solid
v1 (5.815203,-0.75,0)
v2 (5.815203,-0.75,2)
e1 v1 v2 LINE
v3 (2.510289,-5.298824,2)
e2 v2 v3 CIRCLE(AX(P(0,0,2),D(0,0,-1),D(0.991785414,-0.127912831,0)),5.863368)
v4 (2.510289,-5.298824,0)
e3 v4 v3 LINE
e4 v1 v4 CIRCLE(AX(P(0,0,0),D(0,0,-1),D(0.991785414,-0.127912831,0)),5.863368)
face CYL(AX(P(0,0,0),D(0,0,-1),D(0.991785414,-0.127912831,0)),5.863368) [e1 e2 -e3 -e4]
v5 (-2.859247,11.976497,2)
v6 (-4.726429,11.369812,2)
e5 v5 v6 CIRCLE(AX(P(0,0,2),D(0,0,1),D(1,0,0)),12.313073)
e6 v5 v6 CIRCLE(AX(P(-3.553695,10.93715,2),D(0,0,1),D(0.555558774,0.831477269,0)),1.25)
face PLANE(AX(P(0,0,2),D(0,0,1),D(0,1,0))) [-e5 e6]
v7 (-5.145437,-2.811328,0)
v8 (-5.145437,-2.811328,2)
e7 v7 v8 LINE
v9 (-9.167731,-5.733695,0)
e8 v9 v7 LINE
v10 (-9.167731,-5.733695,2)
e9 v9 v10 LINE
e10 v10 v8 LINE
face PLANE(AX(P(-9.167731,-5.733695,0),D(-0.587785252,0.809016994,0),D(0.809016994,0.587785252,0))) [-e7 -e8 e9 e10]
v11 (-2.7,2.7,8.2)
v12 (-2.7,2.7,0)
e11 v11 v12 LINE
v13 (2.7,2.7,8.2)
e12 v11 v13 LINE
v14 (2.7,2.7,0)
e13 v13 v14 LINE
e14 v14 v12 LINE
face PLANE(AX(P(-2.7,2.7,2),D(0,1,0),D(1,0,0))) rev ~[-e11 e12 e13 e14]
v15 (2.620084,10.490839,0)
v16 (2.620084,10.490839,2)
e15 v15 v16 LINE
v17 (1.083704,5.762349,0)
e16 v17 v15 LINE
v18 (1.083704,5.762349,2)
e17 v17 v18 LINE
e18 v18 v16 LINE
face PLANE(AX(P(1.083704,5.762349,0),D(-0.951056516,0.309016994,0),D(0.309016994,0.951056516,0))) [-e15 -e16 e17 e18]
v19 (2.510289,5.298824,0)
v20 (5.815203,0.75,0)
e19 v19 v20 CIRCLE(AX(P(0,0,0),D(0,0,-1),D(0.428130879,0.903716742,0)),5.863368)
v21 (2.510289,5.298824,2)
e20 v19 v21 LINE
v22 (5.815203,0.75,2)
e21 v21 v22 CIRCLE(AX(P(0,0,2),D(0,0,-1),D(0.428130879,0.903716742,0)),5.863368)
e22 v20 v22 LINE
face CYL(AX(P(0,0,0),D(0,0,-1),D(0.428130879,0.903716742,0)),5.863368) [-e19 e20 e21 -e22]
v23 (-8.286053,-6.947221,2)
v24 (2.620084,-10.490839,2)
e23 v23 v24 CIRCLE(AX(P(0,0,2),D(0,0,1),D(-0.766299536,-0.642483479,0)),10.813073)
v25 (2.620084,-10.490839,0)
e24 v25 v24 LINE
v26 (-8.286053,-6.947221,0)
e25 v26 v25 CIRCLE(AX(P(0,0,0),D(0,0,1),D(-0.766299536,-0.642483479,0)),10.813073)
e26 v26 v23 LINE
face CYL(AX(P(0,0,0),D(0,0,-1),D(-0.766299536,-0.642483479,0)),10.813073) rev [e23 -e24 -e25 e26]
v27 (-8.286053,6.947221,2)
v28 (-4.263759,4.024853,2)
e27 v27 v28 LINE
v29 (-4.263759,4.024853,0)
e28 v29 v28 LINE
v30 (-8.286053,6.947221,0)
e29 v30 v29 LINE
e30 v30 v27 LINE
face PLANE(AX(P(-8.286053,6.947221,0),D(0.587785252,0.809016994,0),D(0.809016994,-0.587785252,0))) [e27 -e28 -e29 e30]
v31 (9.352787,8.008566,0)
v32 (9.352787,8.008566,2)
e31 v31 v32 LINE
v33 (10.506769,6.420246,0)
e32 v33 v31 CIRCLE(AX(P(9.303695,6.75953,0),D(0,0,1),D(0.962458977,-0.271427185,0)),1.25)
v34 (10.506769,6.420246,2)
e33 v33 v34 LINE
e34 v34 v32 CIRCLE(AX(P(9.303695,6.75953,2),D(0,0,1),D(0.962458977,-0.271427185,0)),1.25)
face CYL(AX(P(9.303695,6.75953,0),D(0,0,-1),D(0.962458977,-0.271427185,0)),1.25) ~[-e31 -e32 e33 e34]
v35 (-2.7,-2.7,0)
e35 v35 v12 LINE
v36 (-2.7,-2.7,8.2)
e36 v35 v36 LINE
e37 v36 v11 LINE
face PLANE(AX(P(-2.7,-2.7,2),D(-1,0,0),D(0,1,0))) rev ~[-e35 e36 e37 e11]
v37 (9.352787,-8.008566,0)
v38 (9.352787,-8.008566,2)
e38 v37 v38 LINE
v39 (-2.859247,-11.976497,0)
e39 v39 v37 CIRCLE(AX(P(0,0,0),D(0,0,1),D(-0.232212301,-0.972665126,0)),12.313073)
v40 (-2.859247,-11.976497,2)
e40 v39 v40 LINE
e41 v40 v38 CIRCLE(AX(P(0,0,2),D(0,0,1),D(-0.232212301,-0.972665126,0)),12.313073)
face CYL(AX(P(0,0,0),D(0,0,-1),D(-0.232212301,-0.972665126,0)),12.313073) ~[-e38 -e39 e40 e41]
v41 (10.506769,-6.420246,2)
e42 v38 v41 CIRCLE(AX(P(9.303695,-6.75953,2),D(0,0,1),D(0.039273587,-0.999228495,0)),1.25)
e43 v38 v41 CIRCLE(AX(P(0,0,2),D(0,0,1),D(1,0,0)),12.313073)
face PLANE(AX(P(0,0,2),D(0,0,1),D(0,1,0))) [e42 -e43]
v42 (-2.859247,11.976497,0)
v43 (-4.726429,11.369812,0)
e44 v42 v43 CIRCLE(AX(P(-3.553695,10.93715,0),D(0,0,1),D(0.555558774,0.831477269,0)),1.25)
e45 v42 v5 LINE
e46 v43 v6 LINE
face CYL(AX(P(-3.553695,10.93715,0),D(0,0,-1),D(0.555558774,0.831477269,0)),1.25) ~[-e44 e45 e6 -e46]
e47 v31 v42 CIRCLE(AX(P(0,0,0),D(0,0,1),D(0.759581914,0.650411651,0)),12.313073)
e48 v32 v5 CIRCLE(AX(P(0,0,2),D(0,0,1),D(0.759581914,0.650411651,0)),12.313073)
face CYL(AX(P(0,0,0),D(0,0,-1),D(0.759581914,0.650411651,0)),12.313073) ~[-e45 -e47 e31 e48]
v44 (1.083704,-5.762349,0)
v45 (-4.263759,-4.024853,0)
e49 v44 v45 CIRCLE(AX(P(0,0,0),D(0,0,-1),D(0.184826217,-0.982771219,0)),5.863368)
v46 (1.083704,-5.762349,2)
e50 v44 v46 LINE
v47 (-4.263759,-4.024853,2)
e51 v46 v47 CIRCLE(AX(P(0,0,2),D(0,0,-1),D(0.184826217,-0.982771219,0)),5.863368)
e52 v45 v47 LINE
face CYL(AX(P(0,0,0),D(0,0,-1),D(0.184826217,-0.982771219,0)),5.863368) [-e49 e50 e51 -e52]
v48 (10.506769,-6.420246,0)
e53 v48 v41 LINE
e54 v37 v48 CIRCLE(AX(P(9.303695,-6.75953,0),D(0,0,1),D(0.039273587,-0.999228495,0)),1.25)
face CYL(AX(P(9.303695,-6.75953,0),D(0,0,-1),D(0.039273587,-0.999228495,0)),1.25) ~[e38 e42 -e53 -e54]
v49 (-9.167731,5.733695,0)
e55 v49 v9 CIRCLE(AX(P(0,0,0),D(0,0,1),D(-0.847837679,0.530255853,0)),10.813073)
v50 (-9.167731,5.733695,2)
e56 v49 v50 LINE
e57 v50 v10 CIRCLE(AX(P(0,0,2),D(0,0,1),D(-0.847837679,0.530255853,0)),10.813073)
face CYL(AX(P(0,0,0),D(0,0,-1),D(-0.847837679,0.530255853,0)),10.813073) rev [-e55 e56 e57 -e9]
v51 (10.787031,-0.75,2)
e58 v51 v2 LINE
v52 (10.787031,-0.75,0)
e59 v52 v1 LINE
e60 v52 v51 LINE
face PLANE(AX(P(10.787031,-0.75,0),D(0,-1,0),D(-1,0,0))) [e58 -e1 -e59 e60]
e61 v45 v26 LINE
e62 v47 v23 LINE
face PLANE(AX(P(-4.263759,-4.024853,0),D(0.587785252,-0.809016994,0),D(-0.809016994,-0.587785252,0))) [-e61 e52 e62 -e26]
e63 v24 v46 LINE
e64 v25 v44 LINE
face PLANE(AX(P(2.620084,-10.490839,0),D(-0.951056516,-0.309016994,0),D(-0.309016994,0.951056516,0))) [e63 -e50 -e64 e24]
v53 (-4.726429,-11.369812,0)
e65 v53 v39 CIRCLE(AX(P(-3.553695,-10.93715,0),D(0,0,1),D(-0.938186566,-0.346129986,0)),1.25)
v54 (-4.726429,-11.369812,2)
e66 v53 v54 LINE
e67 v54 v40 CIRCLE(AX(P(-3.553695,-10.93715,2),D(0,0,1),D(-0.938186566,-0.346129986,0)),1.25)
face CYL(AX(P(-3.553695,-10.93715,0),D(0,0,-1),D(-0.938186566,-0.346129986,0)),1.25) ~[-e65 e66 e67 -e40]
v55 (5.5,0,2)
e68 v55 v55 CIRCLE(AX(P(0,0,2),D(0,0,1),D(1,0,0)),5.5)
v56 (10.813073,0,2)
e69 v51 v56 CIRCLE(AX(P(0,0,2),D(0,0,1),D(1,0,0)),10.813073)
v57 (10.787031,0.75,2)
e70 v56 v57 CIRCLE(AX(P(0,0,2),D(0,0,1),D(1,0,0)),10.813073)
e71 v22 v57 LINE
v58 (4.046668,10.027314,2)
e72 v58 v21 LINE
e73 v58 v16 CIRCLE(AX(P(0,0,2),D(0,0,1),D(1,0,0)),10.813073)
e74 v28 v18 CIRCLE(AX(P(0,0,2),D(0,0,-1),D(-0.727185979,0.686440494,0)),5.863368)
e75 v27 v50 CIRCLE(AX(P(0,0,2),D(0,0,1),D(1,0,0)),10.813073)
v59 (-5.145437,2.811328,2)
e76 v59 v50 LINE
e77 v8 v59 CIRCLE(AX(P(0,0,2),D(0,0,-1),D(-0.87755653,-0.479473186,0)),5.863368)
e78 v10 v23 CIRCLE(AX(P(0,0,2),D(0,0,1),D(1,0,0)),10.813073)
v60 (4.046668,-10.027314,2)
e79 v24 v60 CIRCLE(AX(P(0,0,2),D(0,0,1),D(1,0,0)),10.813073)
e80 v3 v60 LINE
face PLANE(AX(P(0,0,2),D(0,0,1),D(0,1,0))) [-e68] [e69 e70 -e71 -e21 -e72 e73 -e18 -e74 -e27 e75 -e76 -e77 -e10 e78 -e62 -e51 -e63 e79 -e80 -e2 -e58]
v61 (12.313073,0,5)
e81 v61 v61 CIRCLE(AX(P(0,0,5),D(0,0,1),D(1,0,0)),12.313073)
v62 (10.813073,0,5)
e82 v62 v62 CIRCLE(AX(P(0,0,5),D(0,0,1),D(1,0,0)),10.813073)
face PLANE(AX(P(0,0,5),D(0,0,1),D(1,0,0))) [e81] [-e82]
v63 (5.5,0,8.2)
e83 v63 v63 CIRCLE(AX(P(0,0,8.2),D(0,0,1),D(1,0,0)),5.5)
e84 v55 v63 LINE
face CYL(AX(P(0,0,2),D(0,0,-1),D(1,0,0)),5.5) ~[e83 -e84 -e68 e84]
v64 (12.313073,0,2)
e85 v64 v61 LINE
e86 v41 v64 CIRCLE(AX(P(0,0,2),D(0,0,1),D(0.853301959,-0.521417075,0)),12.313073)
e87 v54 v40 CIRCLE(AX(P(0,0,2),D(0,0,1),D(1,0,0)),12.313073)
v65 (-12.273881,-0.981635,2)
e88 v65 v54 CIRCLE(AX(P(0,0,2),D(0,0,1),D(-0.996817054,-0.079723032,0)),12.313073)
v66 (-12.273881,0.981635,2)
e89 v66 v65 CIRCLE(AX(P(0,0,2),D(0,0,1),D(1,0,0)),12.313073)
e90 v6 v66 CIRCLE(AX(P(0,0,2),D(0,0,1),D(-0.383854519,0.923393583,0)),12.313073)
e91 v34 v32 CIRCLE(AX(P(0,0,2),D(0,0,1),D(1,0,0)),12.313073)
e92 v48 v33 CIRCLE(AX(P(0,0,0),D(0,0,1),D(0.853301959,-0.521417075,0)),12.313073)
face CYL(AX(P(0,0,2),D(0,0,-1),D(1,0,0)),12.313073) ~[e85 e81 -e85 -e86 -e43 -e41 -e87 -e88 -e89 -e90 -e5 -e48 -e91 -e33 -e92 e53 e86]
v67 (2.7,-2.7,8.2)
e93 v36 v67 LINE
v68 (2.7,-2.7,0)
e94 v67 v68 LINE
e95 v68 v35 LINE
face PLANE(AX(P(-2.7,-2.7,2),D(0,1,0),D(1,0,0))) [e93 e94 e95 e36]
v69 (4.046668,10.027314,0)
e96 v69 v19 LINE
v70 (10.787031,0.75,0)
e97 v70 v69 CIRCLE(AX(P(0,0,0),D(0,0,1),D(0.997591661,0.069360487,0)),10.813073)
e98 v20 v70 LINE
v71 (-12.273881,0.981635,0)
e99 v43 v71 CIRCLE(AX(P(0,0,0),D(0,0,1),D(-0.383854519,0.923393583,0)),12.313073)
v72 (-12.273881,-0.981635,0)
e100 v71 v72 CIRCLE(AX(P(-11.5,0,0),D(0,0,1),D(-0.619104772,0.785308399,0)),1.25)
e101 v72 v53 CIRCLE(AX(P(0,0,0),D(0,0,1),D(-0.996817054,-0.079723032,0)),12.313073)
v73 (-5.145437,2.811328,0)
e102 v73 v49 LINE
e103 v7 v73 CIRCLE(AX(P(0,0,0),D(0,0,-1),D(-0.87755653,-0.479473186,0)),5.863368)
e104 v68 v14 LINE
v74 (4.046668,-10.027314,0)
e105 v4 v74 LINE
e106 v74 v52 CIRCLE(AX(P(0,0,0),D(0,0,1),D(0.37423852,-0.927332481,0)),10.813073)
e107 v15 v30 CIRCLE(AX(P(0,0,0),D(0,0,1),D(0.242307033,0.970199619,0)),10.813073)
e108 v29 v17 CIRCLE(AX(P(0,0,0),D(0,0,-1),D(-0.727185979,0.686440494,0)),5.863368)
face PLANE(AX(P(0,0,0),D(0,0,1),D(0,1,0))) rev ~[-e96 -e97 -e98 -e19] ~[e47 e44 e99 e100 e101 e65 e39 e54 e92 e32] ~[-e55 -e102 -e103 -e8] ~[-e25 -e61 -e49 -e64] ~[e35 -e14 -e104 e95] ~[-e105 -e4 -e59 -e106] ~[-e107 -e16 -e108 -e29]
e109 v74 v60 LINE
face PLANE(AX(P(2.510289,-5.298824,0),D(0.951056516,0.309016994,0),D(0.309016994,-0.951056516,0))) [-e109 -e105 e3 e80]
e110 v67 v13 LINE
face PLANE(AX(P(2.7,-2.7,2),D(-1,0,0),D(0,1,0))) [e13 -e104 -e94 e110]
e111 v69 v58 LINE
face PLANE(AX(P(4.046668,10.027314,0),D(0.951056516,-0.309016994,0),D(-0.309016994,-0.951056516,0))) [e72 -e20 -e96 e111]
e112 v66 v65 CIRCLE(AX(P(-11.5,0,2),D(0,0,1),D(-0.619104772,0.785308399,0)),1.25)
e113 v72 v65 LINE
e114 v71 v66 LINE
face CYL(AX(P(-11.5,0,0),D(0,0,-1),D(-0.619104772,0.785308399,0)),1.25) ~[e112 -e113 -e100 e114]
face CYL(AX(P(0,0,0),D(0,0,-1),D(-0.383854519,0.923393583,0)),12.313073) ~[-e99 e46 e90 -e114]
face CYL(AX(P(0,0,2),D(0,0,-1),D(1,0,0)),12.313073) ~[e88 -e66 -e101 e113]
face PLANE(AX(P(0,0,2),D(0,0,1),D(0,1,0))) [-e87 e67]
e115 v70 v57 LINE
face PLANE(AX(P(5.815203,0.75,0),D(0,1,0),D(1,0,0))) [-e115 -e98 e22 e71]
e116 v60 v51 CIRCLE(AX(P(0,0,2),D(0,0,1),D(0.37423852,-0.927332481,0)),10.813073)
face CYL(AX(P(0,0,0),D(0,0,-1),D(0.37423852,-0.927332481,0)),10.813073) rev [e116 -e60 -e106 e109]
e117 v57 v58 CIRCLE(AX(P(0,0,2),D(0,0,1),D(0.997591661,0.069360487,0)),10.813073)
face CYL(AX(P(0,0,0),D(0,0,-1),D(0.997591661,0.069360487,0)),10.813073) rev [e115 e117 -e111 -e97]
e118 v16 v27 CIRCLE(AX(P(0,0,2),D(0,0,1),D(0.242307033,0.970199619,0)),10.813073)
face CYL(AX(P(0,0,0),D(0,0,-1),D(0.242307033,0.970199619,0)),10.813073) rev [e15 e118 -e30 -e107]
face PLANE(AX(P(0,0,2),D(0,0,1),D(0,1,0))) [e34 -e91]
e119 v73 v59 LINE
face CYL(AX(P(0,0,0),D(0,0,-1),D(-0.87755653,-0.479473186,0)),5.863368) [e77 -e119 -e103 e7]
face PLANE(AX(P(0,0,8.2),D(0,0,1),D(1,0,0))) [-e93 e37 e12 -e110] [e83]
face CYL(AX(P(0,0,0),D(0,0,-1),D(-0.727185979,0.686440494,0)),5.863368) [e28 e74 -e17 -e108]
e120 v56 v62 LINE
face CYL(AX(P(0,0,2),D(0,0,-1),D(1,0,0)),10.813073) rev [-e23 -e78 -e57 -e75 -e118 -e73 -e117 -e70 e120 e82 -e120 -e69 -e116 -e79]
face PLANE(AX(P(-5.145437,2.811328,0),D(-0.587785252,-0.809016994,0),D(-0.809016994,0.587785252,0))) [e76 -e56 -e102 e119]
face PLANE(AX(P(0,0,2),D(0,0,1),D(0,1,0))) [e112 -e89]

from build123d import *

# Parameters (mm, degrees)
SKETCH_1_W      = 5.4
SKETCH_1_H      = 5.4
EXTRUDE_1_DEPTH = 2
SKETCH_2_R      = 12.313072817
SKETCH_2_R_2    = 10.813072817
EXTRUDE_2_DEPTH = 3
SKETCH_3_R      = 5.5
SKETCH_3_W      = 5.4
SKETCH_3_H      = 5.4
EXTRUDE_3_DEPTH = 6.2


with BuildPart() as part:
    # 스케치1 → 보스-돌출1 (new body)
    with BuildSketch(Plane(origin=(0, 0, 0), x_dir=(0, 1, 0), z_dir=(0, 0, 1))):
        with BuildLine():
            ThreePointArc((0.981635498, 12.273880965), (0, 12.75), (-0.981635498, 12.273880965))
            ThreePointArc((-0.981635498, 12.273880965), (-7.237442612, 9.961485162), (-11.369812421, 4.726428642))
            ThreePointArc((-11.369812421, 4.726428642), (-12.125970583, 3.939966678), (-11.976496524, 2.859246968))
            ThreePointArc((-11.976496524, 2.859246968), (-11.710428139, -3.804948754), (-8.00856602, -9.352787419))
            ThreePointArc((-8.00856602, -9.352787419), (-7.494261967, -10.314966678), (-6.42024642, -10.506769157))
            ThreePointArc((-6.42024642, -10.506769157), (0, -12.313072817), (6.42024642, -10.506769157))
            ThreePointArc((6.42024642, -10.506769157), (7.494261967, -10.314966678), (8.00856602, -9.352787419))
            ThreePointArc((8.00856602, -9.352787419), (11.710428139, -3.804948754), (11.976496524, 2.859246968))
            ThreePointArc((11.976496524, 2.859246968), (12.125970583, 3.939966678), (11.369812421, 4.726428642))
            ThreePointArc((11.369812421, 4.726428642), (7.237442612, 9.961485162), (0.981635498, 12.273880965))
        make_face()
        with BuildLine():
            ThreePointArc((5.733695154, 9.167730561), (0, 10.813072817), (-5.733695154, 9.167730561))
            Line((-5.733695154, 9.167730561), (-2.811327739, 5.145436885))
            ThreePointArc((-2.811327739, 5.145436885), (0, 5.863368008), (2.811327739, 5.145436885))
            Line((2.811327739, 5.145436885), (5.733695154, 9.167730561))
        make_face(mode=Mode.SUBTRACT)
        with BuildLine():
            ThreePointArc((10.490839132, -2.620083596), (10.283843364, 3.341423262), (6.947220646, 8.286052682))
            Line((6.947220646, 8.286052682), (4.024853231, 4.263759007))
            ThreePointArc((4.024853231, 4.263759007), (5.576394352, 1.811880359), (5.762349327, -1.083704125))
            Line((5.762349327, -1.083704125), (10.490839132, -2.620083596))
        make_face(mode=Mode.SUBTRACT)
        Rectangle(SKETCH_1_W, SKETCH_1_H, mode=Mode.SUBTRACT)
        with BuildLine():
            Line((-5.298823836, -2.510288899), (-10.027313641, -4.04666837))
            ThreePointArc((-10.027313641, -4.04666837), (-6.355764734, -8.747959671), (-0.75, -10.787031276))
            Line((-0.75, -10.787031276), (-0.75, -5.815202868))
            ThreePointArc((-0.75, -5.815202868), (-3.446401244, -4.743564363), (-5.298823836, -2.510288899))
        make_face(mode=Mode.SUBTRACT)
        with BuildLine():
            Line((-4.024853231, 4.263759007), (-6.947220646, 8.286052682))
            ThreePointArc((-6.947220646, 8.286052682), (-10.283843364, 3.341423262), (-10.490839132, -2.620083596))
            Line((-10.490839132, -2.620083596), (-5.762349327, -1.083704125))
            ThreePointArc((-5.762349327, -1.083704125), (-5.576394352, 1.811880359), (-4.024853231, 4.263759007))
        make_face(mode=Mode.SUBTRACT)
        with BuildLine():
            Line((0.75, -5.815202868), (0.75, -10.787031276))
            ThreePointArc((0.75, -10.787031276), (6.355764734, -8.747959671), (10.027313641, -4.04666837))
            Line((10.027313641, -4.04666837), (5.298823836, -2.510288899))
            ThreePointArc((5.298823836, -2.510288899), (3.446401244, -4.743564363), (0.75, -5.815202868))
        make_face(mode=Mode.SUBTRACT)
    extrude(amount=EXTRUDE_1_DEPTH)

    # 스케치2 → 보스-돌출2 (add)
    with BuildSketch(Plane.XY.offset(2)):
        Circle(SKETCH_2_R)
        Circle(SKETCH_2_R_2, mode=Mode.SUBTRACT)
    extrude(amount=EXTRUDE_2_DEPTH)

    # 스케치3 → 보스-돌출3 (add)
    with BuildSketch(Plane.XY.offset(2)):
        Circle(SKETCH_3_R)
        Rectangle(SKETCH_3_W, SKETCH_3_H, mode=Mode.SUBTRACT)
    extrude(amount=EXTRUDE_3_DEPTH)


solid = part.part
